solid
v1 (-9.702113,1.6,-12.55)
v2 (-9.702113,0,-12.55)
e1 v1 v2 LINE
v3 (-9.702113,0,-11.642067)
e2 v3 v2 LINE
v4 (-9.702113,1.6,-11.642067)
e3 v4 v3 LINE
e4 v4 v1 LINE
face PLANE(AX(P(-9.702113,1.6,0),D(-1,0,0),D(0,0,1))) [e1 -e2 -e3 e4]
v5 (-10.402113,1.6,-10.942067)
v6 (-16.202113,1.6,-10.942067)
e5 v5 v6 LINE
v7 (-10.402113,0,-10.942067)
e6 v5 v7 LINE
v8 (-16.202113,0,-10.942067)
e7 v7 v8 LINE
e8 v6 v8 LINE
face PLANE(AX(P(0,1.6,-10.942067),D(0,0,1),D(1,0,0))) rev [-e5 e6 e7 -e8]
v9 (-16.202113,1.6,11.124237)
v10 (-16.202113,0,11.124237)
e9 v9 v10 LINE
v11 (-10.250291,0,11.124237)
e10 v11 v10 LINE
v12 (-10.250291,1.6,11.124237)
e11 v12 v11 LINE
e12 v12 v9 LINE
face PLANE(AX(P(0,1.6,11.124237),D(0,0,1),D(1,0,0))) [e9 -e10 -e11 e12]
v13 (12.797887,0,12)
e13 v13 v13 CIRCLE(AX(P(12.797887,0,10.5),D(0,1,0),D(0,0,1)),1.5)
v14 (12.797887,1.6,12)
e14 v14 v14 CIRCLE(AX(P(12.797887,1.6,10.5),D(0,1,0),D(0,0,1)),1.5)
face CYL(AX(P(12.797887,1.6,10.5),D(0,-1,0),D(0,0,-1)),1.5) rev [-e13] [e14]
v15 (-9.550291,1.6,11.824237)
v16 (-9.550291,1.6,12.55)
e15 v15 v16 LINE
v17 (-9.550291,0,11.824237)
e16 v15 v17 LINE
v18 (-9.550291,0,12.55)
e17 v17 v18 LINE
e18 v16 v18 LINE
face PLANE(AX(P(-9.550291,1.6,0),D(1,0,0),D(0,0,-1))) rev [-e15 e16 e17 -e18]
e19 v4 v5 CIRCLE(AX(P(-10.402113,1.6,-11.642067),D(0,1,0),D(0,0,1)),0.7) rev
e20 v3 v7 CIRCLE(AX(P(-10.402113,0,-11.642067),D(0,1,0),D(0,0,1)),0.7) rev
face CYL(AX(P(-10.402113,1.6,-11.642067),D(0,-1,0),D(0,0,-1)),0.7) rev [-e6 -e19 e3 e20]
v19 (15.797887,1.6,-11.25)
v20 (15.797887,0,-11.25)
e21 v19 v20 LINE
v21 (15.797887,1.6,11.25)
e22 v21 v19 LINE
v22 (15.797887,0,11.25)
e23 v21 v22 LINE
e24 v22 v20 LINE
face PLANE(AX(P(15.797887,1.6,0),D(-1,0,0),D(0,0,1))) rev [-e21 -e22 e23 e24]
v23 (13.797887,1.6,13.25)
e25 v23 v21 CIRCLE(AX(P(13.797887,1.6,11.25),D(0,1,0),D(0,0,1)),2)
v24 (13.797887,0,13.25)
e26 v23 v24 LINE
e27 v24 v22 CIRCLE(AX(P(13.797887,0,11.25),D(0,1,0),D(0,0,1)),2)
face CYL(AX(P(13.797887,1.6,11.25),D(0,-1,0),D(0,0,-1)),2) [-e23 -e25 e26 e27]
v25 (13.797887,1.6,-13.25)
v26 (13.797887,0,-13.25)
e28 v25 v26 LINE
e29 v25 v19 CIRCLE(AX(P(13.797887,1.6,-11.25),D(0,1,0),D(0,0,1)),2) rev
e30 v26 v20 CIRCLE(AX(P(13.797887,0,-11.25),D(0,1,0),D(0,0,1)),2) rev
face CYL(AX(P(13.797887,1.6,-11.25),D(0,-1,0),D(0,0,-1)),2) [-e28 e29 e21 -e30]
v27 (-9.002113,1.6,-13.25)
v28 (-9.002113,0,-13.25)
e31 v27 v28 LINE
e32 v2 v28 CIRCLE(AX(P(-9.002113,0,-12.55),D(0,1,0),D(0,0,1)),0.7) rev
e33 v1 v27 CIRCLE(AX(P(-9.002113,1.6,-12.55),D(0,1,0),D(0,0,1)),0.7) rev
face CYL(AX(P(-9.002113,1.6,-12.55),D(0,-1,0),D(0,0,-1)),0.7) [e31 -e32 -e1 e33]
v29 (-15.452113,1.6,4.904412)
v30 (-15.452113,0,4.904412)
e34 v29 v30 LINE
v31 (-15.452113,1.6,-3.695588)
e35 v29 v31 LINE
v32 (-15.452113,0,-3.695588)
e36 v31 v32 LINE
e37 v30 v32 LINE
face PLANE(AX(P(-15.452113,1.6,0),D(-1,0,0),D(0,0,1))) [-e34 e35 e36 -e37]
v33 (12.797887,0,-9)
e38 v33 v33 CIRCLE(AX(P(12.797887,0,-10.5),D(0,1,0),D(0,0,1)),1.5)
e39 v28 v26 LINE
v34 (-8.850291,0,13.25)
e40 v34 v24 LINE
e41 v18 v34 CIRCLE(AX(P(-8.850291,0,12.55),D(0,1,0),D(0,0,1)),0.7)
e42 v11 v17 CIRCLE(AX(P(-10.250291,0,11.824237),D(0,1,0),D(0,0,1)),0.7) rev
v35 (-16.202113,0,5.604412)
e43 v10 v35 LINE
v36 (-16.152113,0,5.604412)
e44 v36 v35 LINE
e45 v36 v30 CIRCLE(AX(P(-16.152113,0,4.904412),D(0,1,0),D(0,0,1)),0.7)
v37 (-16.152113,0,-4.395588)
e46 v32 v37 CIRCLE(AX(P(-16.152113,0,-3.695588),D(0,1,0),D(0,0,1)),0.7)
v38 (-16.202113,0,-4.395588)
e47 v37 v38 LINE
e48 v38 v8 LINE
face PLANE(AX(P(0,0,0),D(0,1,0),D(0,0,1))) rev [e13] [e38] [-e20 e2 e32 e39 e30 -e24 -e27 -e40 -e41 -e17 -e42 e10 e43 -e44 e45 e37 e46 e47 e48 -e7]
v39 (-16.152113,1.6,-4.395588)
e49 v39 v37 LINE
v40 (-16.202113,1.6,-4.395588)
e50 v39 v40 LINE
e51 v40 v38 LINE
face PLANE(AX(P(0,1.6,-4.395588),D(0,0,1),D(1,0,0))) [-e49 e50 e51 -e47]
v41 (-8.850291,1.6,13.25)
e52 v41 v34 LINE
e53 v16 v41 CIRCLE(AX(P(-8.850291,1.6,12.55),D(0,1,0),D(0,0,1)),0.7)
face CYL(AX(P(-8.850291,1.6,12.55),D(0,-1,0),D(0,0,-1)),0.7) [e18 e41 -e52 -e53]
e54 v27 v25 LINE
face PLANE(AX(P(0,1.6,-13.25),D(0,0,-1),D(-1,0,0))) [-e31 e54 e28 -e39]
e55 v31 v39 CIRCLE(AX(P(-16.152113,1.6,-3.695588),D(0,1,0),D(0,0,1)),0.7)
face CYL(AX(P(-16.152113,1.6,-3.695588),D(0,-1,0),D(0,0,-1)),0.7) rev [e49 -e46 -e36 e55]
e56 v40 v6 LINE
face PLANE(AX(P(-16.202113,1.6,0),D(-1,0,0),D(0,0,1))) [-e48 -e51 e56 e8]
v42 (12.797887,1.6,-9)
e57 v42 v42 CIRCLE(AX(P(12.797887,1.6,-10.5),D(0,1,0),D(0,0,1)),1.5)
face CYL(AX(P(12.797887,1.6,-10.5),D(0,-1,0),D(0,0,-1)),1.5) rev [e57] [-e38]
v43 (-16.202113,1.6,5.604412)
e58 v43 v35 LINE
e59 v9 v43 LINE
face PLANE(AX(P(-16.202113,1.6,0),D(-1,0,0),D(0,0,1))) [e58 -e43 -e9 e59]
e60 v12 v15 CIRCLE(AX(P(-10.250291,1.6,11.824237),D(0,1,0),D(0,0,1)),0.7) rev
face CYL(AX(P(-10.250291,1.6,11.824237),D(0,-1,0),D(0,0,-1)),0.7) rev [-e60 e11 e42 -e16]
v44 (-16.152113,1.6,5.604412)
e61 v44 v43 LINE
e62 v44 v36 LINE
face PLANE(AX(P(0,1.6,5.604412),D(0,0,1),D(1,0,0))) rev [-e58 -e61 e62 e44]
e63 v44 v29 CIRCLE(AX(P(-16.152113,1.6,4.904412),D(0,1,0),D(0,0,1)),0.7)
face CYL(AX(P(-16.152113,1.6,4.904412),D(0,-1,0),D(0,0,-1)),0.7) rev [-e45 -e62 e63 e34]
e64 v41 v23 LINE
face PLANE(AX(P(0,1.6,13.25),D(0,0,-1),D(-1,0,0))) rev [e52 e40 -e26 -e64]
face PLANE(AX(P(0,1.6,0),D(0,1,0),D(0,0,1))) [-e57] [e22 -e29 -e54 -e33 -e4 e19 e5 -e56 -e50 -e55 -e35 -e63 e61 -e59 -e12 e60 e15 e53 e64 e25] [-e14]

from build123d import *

# Parameters (mm, degrees)
SKETCH1_R           = 1.5
BOSS_EXTRUDE1_DEPTH = 1.6


with BuildPart() as part:
    # Sketch1 → Boss-Extrude1 (new body)
    with BuildSketch(Plane(origin=(0, 0, 0), x_dir=(1, 0, 0), z_dir=(0, 1, 0))):
        with BuildLine():
            Line((-9.702113495, 11.642067097), (-9.702113495, 12.55))
            ThreePointArc((-9.702113495, 12.55), (-9.497088242, 13.044974747), (-9.002113495, 13.25))
            Line((-9.002113495, 13.25), (13.797886505, 13.25))
            ThreePointArc((13.797886505, 13.25), (15.212100067, 12.664213562), (15.797886505, 11.25))
            Line((15.797886505, 11.25), (15.797886505, -11.25))
            ThreePointArc((15.797886505, -11.25), (15.212100067, -12.664213562), (13.797886505, -13.25))
            Line((13.797886505, -13.25), (-8.850291446, -13.25))
            ThreePointArc((-8.850291446, -13.25), (-9.345266193, -13.044974747), (-9.550291446, -12.55))
            Line((-9.550291446, -12.55), (-9.550291446, -11.824237104))
            ThreePointArc((-9.550291446, -11.824237104), (-9.7553167, -11.329262357), (-10.250291446, -11.124237104))
            Line((-10.250291446, -11.124237104), (-16.202113495, -11.124237104))
            Line((-16.202113495, -11.124237104), (-16.202113495, -5.604412091))
            Line((-16.202113495, -5.604412091), (-16.152113495, -5.604412091))
            ThreePointArc((-16.152113495, -5.604412091), (-15.657138749, -5.399386838), (-15.452113495, -4.904412091))
            Line((-15.452113495, -4.904412091), (-15.452113495, 3.695587909))
            ThreePointArc((-15.452113495, 3.695587909), (-15.657138749, 4.190562656), (-16.152113495, 4.395587909))
            Line((-16.152113495, 4.395587909), (-16.202113495, 4.395587909))
            Line((-16.202113495, 4.395587909), (-16.202113495, 10.942067097))
            Line((-16.202113495, 10.942067097), (-10.402113495, 10.942067097))
            ThreePointArc((-10.402113495, 10.942067097), (-9.907138749, 11.14709235), (-9.702113495, 11.642067097))
        make_face()
        with Locations((12.797886505, 10.5)):
            Circle(SKETCH1_R, mode=Mode.SUBTRACT)
        with Locations((12.797886505, -10.5)):
            Circle(SKETCH1_R, mode=Mode.SUBTRACT)
    extrude(amount=BOSS_EXTRUDE1_DEPTH)


solid = part.part
